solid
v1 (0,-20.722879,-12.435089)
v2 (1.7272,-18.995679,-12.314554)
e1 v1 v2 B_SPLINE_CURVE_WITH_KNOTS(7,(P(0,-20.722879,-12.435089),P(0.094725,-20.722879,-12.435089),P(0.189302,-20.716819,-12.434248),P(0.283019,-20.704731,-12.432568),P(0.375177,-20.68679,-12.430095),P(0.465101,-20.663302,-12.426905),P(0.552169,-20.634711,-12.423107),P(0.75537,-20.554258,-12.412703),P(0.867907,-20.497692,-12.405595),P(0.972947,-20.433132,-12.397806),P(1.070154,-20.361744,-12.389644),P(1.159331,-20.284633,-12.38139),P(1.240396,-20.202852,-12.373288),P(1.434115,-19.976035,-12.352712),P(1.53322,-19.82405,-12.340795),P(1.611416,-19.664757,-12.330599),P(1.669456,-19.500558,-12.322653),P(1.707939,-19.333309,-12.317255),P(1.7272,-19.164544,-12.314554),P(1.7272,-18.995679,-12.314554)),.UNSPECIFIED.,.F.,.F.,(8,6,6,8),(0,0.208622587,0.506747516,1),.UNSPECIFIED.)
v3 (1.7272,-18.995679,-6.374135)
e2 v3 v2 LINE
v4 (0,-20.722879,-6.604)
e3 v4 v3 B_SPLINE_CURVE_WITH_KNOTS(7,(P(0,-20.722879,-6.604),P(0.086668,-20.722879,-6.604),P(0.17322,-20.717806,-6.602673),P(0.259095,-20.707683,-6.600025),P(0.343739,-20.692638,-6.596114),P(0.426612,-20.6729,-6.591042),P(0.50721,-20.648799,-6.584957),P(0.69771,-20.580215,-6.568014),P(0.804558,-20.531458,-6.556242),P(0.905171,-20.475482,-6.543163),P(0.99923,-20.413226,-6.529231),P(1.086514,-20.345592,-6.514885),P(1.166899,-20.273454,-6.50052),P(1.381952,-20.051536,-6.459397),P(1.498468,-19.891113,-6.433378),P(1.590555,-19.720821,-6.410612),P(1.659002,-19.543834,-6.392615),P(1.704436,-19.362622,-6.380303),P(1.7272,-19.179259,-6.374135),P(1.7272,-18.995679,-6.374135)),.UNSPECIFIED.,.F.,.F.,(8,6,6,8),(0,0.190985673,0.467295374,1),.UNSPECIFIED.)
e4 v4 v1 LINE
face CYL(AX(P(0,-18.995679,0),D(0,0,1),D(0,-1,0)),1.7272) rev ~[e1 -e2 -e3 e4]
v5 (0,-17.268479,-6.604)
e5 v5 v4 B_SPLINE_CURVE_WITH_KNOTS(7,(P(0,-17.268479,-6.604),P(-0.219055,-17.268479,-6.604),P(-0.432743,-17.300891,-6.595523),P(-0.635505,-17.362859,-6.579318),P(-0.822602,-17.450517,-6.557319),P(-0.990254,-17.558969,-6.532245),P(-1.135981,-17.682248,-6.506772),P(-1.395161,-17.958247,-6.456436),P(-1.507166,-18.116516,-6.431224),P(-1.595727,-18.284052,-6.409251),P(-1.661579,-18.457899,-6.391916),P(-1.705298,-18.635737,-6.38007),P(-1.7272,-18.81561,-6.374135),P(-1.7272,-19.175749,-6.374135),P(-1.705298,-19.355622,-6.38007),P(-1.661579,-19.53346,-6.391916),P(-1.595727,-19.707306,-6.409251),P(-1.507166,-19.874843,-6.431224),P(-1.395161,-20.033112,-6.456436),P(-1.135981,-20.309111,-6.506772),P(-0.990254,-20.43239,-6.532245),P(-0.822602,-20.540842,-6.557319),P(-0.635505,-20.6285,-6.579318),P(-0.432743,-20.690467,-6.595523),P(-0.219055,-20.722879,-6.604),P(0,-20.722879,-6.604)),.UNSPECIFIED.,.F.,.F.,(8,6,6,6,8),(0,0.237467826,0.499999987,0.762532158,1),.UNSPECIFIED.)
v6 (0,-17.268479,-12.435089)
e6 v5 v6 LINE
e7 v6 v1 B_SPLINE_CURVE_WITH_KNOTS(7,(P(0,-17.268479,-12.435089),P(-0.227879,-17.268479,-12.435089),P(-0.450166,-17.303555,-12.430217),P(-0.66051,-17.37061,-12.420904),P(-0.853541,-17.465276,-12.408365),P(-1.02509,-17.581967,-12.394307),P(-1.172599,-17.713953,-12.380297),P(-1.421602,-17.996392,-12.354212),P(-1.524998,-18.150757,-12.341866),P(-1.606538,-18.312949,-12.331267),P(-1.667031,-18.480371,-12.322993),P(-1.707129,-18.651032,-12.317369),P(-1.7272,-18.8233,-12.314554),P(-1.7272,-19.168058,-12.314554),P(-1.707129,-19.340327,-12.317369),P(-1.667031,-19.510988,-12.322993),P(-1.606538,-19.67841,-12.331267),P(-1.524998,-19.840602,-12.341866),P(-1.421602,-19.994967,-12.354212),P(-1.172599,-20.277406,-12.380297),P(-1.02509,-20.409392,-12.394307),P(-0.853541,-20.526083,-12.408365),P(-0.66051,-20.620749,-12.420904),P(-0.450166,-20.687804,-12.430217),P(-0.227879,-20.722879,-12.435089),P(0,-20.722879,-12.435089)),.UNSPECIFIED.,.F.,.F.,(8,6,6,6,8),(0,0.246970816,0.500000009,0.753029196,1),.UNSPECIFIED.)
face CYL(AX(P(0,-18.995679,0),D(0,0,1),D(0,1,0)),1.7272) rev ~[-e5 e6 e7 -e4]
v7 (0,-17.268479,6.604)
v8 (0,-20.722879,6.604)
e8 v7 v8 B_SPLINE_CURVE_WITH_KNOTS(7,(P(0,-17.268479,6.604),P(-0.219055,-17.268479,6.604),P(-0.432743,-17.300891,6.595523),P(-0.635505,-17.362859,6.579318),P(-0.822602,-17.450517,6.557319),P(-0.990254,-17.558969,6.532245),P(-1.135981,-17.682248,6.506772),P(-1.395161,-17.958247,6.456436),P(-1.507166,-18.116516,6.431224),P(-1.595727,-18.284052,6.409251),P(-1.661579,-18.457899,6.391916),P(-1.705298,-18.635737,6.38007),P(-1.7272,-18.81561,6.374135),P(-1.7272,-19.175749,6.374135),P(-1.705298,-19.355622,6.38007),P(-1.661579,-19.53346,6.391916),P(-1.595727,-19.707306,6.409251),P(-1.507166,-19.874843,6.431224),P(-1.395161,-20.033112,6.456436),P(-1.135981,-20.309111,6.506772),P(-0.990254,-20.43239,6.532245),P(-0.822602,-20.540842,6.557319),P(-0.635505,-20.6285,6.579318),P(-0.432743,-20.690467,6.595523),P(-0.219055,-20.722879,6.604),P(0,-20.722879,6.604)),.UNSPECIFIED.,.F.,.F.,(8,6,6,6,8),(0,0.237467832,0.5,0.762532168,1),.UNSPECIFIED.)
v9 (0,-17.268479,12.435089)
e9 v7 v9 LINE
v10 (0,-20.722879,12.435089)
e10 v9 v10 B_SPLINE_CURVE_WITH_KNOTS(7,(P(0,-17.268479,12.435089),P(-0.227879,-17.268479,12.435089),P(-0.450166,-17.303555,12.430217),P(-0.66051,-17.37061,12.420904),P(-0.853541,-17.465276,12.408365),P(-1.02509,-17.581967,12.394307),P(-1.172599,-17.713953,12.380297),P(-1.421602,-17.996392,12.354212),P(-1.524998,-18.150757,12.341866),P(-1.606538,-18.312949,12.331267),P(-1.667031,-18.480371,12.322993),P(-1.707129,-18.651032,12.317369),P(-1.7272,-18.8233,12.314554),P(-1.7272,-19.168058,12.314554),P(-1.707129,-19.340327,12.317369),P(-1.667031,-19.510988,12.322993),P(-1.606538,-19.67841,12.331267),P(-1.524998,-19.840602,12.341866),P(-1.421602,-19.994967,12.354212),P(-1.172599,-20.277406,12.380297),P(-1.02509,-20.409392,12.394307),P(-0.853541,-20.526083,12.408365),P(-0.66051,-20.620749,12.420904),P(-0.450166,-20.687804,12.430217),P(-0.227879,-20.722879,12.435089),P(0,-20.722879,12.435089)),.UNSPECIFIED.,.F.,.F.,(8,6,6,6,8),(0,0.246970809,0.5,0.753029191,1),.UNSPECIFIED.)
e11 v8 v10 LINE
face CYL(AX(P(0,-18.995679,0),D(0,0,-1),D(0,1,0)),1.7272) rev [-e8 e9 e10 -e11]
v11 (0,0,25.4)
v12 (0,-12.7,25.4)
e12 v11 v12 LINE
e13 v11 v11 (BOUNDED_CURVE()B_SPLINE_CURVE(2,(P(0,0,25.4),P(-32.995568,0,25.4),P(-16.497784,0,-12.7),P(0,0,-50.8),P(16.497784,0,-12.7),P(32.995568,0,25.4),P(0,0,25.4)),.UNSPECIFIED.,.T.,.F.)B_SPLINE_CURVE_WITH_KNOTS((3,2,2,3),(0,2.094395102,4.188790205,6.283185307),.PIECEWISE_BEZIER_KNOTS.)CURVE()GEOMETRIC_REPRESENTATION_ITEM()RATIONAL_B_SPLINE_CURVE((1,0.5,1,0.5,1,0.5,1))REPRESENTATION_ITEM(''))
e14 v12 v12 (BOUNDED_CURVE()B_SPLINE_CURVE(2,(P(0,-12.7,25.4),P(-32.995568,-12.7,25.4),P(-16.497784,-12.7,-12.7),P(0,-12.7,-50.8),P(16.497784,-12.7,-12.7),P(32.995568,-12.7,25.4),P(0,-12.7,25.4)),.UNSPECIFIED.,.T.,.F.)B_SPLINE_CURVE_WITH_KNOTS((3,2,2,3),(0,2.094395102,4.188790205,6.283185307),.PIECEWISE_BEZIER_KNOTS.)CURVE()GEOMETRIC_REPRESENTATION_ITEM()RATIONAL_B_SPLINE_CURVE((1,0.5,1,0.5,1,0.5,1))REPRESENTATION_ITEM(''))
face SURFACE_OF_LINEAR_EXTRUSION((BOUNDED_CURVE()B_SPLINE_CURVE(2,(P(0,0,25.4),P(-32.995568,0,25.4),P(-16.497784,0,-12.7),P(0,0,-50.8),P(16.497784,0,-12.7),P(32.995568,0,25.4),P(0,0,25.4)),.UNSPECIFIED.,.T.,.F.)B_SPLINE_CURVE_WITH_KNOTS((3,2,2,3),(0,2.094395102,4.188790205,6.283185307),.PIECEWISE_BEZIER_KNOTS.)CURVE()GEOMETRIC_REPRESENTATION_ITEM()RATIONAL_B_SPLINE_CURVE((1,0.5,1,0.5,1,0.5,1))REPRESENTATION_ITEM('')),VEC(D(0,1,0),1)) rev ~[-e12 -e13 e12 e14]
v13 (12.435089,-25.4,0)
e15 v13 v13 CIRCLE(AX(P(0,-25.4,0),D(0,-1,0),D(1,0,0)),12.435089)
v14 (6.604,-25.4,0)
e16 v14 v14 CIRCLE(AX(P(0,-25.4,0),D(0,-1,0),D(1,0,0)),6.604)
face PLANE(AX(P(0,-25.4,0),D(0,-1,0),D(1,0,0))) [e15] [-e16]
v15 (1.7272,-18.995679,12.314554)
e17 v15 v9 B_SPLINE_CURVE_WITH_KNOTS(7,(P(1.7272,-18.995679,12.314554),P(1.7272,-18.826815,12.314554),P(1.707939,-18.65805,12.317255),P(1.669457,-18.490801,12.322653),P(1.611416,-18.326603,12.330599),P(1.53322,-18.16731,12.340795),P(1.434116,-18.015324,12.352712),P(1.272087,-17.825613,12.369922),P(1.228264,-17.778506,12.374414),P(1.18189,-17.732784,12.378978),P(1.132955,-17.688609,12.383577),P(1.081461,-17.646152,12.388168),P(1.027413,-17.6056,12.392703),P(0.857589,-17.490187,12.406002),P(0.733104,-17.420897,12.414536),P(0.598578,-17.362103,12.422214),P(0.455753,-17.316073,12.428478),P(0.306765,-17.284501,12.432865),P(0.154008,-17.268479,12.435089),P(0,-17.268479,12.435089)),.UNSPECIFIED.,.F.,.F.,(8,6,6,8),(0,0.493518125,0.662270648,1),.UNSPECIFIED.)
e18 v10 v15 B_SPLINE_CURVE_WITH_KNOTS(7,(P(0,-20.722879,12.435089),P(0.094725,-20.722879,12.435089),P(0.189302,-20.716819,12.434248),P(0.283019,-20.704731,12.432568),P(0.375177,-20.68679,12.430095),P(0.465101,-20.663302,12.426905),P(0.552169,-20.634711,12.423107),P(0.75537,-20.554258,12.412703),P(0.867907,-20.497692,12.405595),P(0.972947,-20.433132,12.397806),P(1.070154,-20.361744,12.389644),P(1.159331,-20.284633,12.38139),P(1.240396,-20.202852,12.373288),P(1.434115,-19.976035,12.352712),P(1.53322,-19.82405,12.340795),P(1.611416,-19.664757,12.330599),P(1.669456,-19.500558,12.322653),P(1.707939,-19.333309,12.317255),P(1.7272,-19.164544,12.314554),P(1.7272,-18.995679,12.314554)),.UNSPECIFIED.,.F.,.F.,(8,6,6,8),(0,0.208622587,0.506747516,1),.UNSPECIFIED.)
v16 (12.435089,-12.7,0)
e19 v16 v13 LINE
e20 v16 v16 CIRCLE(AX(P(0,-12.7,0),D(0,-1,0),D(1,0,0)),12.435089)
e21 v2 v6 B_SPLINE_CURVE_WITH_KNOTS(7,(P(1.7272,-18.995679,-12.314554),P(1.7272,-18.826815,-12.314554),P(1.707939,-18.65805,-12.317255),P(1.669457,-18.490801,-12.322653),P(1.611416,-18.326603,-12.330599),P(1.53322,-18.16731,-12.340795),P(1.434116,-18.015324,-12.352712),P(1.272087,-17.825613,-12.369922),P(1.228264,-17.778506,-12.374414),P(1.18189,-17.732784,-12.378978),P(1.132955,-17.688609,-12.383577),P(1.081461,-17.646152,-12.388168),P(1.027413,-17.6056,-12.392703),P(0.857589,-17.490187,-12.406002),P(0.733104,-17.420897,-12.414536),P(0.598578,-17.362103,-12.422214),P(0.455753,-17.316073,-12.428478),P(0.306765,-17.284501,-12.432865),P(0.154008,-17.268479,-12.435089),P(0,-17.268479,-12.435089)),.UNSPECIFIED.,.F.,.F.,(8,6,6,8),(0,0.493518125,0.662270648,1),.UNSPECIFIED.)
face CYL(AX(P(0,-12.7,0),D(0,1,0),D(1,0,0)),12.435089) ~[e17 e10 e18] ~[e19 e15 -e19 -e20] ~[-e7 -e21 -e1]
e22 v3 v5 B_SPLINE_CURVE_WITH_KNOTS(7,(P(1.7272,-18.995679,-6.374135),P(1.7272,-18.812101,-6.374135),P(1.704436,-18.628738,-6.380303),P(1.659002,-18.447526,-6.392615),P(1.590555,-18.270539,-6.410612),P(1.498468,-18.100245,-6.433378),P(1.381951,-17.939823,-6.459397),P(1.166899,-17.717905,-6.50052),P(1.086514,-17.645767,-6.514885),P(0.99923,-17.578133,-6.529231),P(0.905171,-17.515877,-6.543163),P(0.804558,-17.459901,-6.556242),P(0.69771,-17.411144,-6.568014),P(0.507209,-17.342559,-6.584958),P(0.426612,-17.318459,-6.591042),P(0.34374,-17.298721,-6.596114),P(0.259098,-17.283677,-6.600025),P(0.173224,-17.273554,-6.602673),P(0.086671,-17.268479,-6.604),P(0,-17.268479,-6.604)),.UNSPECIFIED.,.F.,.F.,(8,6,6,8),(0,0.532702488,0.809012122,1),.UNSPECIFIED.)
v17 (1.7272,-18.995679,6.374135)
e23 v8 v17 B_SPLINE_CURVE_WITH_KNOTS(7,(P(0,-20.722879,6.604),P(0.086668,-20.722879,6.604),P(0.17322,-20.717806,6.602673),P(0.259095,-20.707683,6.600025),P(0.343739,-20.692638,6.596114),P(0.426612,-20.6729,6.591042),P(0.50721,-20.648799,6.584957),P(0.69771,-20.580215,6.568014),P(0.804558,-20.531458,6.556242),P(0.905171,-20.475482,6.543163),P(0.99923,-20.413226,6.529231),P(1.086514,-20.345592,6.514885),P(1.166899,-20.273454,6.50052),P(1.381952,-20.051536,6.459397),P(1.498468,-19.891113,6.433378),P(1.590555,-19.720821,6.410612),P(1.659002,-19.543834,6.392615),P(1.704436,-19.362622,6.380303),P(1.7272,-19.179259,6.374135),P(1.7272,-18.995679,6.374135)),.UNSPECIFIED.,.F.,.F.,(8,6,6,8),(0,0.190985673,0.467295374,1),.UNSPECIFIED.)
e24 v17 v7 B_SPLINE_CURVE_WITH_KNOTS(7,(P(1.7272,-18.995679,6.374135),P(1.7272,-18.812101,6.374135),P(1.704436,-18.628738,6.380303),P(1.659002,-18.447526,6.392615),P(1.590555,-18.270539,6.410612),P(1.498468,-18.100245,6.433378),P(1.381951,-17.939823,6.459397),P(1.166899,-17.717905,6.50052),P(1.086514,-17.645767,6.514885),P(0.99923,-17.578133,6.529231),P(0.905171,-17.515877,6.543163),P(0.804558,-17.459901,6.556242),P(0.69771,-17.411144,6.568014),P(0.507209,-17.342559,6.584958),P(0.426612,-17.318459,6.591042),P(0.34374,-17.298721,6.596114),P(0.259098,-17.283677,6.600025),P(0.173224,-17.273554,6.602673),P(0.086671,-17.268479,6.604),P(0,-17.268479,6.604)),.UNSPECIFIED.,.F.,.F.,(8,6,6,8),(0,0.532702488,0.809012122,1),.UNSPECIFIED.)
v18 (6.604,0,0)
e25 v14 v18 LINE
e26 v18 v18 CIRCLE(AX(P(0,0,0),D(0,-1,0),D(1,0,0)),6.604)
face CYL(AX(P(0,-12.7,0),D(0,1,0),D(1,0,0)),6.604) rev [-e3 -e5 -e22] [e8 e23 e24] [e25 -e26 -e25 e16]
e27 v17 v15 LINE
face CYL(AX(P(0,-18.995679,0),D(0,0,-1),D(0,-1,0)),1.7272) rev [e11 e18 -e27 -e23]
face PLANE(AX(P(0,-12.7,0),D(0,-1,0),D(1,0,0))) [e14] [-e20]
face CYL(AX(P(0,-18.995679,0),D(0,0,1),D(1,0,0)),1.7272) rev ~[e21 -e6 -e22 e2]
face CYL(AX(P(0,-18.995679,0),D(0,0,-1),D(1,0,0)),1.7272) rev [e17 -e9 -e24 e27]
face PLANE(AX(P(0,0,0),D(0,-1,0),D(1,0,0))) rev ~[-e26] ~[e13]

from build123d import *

# Parameters (mm, degrees)
F1_DEPTH = 12.7
F2_R     = 6.604
F3_DEPTH = 12.7
F4_R     = 12.4350894419
F4_R_2   = 6.604
F5_DEPTH = 12.7
F7_DEPTH = 12.7


with BuildPart() as f1:
    # F0 (on Front) → F1 (new body)
    with BuildSketch(Plane.XZ):
        with BuildLine():
            add(Edge.make_bspline(
                [(0, 25.4), (-32.9955678842, 25.4), (-16.4977839421, -12.7), (0, -50.8), (16.4977839421, -12.7), (32.9955678842, 25.4), (0, 25.4)],
                knots=[0, 0, 0, 2.0943951024, 2.0943951024, 4.1887902048, 4.1887902048, 6.2831853072, 6.2831853072, 6.2831853072], degree=2, weights=[1, 0.5, 1, 0.5, 1, 0.5, 1]))
        make_face()
    extrude(amount=F1_DEPTH)

    # F2 (on face) → F3 (cut, symmetric)
    with BuildSketch(Plane.XZ.offset(12.7)):
        Circle(F2_R)
    extrude(amount=F3_DEPTH, both=True, mode=Mode.SUBTRACT)

    # F4 (on face) → F5 (join)
    with BuildSketch(Plane.XZ.offset(12.7)):
        Circle(F4_R)
        Circle(F4_R_2, mode=Mode.SUBTRACT)
    extrude(amount=F5_DEPTH)

    # F6 (on Top) → F7 (cut, symmetric)
    with BuildSketch(Plane.XY):
        with BuildLine():
            ThreePointArc((0, -20.7228794493), (1.2213148325, -20.2169942818), (1.7272, -18.9956794493))
            ThreePointArc((1.7272, -18.9956794493), (1.2213148325, -17.7743646168), (0, -17.2684794493))
            Line((0, -17.2684794493), (0, -20.7228794493))
        make_face()
        with BuildLine():
            Line((0, -20.7228794493), (0, -17.2684794493))
            ThreePointArc((0, -17.2684794493), (-1.7272, -18.9956794493), (0, -20.7228794493))
        make_face()
    extrude(amount=F7_DEPTH, both=True, mode=Mode.SUBTRACT)


solid = f1.part
